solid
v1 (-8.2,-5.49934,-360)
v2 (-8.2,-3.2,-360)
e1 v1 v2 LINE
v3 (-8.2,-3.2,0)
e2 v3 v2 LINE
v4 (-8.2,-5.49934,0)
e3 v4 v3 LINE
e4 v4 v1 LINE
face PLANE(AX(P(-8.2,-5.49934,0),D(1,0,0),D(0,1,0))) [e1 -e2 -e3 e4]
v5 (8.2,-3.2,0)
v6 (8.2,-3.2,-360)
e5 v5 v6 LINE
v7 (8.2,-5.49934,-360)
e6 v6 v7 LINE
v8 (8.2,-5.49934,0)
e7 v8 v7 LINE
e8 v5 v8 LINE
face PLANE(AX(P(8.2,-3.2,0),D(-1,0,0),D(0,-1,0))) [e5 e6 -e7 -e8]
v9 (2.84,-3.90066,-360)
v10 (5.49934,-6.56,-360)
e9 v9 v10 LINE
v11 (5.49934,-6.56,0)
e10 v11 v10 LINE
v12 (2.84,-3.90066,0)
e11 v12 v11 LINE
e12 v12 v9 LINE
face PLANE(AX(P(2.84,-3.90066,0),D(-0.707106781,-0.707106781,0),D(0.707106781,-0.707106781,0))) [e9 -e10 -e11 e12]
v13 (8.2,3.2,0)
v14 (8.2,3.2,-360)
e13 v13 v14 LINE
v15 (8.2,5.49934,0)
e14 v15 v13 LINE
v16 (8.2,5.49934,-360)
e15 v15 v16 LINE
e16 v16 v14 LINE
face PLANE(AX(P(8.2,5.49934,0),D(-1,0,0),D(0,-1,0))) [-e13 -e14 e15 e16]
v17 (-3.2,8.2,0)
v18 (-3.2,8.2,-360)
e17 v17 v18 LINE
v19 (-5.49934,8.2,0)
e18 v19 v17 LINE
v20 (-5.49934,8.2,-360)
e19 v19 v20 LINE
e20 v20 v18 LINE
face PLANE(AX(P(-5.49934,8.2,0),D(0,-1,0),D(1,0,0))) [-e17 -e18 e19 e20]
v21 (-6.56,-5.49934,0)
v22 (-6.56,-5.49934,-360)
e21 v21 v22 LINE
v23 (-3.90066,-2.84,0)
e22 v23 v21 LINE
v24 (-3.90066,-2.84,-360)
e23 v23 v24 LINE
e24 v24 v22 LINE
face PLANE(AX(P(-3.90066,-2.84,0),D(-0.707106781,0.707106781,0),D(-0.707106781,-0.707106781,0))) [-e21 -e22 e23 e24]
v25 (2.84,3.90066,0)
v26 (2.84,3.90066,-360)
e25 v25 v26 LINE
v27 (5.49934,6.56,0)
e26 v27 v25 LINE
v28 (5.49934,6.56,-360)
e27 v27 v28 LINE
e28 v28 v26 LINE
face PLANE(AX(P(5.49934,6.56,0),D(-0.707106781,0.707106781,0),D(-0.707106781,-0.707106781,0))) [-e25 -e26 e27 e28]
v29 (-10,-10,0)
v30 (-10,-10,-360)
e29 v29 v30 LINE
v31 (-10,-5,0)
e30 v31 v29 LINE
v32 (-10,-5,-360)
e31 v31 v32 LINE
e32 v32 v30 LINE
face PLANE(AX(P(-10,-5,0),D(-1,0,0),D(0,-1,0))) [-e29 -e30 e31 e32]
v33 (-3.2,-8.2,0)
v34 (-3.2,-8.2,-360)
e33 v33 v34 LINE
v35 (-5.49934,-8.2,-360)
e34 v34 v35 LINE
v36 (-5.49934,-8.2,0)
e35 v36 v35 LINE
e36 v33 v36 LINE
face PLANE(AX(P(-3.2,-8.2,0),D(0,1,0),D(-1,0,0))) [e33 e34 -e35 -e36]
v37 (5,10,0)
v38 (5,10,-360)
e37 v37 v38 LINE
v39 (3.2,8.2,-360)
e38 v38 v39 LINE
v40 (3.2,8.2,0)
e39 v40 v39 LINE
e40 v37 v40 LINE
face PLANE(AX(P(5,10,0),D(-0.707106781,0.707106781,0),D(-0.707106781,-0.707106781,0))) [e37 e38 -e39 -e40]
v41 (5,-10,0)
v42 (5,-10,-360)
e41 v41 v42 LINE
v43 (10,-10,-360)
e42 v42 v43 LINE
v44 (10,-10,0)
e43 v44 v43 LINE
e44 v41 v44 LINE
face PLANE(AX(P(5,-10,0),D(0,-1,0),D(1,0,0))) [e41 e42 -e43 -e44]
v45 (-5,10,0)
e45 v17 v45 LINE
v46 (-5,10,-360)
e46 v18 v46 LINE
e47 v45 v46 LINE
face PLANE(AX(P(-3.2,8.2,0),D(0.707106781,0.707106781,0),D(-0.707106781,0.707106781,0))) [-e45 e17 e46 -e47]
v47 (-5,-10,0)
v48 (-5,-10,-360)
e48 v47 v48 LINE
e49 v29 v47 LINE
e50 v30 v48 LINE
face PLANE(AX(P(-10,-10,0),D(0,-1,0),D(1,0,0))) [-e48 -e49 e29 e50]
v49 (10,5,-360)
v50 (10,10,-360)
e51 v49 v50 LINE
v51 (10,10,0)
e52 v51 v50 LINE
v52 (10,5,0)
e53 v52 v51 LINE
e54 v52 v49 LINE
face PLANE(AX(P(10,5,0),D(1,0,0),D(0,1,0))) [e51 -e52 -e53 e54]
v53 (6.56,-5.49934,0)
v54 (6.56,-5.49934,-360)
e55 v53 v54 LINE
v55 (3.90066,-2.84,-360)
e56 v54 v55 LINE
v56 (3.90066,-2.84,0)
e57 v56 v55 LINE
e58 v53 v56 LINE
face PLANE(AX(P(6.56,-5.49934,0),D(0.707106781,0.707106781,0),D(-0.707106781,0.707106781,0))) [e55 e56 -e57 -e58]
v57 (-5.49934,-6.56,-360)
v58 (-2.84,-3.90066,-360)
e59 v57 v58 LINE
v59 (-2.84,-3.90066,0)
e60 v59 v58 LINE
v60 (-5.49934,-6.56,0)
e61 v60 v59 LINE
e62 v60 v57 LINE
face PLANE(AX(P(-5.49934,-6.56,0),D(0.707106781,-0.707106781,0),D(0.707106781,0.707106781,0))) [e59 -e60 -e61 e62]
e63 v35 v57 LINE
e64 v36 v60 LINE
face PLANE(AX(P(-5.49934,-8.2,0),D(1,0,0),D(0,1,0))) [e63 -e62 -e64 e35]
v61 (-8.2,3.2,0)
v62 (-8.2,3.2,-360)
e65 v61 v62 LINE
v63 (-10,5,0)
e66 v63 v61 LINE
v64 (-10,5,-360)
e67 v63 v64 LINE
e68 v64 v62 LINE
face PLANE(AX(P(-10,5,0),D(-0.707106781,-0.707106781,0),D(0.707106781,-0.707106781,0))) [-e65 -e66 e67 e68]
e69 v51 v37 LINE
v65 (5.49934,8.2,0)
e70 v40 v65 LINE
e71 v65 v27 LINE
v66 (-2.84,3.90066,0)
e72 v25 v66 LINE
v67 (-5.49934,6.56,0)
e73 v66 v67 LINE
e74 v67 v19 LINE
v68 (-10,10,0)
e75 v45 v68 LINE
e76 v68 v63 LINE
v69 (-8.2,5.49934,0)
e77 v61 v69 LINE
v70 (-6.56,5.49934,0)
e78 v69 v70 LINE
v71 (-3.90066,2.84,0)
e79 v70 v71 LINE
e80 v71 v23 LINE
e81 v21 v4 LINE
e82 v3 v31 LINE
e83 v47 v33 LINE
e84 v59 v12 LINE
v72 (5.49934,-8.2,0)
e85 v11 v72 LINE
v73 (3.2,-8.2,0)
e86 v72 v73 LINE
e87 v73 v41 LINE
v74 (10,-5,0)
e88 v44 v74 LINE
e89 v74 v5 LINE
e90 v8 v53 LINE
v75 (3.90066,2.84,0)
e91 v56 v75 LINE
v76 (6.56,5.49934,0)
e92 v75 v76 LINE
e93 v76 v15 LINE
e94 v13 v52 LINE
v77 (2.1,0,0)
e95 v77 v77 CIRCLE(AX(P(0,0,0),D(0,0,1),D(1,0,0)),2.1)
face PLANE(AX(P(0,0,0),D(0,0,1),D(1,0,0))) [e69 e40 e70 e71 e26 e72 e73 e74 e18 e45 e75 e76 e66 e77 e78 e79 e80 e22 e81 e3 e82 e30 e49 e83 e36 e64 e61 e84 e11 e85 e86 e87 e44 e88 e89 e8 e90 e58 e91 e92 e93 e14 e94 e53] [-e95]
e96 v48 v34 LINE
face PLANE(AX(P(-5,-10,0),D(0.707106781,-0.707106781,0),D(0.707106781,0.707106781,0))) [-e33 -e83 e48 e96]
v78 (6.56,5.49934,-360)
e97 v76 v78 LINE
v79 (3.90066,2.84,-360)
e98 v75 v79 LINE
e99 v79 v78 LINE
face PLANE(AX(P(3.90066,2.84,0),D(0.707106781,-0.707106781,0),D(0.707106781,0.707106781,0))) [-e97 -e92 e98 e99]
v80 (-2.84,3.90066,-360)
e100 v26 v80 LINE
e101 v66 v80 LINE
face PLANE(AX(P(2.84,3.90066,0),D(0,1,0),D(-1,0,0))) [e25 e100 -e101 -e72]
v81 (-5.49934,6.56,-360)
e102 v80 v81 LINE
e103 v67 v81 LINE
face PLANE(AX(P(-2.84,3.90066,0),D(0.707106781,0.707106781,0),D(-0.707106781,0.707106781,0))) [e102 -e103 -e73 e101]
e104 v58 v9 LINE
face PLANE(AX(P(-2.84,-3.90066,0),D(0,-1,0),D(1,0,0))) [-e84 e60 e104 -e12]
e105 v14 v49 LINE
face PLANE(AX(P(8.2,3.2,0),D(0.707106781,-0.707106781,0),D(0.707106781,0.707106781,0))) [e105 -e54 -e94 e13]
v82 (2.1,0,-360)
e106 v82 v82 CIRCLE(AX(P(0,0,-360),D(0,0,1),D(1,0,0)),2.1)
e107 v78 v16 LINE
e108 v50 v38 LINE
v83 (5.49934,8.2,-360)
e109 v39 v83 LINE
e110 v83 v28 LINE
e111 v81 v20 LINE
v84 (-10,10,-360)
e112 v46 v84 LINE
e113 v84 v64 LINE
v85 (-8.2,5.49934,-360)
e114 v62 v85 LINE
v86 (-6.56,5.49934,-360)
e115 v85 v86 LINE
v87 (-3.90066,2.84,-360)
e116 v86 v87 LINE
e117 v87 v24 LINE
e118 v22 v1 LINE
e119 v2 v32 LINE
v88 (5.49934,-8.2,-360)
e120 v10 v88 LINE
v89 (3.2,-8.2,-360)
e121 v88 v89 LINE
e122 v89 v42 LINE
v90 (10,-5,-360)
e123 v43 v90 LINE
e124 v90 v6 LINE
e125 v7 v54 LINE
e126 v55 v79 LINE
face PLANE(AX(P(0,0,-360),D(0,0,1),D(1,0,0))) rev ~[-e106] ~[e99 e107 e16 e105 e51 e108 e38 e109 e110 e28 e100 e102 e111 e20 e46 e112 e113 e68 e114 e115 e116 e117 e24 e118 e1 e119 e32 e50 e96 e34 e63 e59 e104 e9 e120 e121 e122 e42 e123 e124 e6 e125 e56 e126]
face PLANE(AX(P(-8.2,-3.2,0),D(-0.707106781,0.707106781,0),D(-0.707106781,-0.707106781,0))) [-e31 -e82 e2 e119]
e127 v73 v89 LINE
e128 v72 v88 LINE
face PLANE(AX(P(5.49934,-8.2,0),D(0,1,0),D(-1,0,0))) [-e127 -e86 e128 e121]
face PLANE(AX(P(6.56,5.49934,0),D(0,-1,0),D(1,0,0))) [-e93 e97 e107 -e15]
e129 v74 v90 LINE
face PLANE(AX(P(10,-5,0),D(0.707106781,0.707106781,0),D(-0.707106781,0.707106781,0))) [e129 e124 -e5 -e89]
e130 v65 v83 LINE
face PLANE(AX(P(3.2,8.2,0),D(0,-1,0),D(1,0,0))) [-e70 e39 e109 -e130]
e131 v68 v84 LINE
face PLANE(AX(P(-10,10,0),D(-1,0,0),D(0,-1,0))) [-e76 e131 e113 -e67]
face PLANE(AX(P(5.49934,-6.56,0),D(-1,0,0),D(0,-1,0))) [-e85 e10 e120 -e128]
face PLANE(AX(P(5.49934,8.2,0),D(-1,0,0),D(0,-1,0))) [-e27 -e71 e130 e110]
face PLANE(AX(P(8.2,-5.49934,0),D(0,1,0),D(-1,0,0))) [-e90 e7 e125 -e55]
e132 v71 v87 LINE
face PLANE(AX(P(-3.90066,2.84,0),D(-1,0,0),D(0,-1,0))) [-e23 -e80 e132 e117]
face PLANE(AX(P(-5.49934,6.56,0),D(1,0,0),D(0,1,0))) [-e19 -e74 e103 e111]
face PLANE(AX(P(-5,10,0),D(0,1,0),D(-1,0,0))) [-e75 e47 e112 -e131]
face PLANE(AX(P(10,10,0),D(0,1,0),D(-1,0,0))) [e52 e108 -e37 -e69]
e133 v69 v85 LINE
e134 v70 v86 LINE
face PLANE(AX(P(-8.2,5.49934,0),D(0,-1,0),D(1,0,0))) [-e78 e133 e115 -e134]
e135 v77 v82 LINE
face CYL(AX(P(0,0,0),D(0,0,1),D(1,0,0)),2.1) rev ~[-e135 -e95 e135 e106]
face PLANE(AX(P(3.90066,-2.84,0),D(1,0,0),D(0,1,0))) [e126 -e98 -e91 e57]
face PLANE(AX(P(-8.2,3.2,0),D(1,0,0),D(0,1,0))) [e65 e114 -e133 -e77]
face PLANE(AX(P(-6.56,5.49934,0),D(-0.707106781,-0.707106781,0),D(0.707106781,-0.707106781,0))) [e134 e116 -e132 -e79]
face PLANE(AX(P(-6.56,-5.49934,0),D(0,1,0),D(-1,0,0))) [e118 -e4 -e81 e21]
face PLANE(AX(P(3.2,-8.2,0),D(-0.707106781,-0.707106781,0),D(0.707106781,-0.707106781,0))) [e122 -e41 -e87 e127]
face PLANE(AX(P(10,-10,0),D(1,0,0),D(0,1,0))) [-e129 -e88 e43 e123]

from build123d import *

# Parameters (mm, degrees)
SKETCH1_R           = 2.1
BOSS_EXTRUDE1_DEPTH = 360


with BuildPart() as part:
    # Sketch1 → Boss-Extrude1 (new body)
    with BuildSketch(Plane.XY):
        Polygon((-10, 10), (-10, 5), (-8.2, 3.2), (-8.2, 5.499339828), (-6.56, 5.499339828), (-3.900660172, 2.84), (-3.900660172, -2.84), (-6.56, -5.499339828), (-8.2, -5.499339828), (-8.2, -3.2), (-10, -5), (-10, -10), (-5, -10), (-3.2, -8.2), (-5.499339828, -8.2), (-5.499339828, -6.56), (-2.84, -3.900660172), (2.84, -3.900660172), (5.499339828, -6.56), (5.499339828, -8.2), (3.2, -8.2), (5, -10), (10, -10), (10, -5), (8.2, -3.2), (8.2, -5.499339828), (6.56, -5.499339828), (3.900660172, -2.84), (3.900660172, 2.84), (6.56, 5.499339828), (8.2, 5.499339828), (8.2, 3.2), (10, 5), (10, 10), (5, 10), (3.2, 8.2), (5.499339828, 8.2), (5.499339828, 6.56), (2.84, 3.900660172), (-2.84, 3.900660172), (-5.499339828, 6.56), (-5.499339828, 8.2), (-3.2, 8.2), (-5, 10), align=None)
        Circle(SKETCH1_R, mode=Mode.SUBTRACT)
    extrude(amount=-BOSS_EXTRUDE1_DEPTH)


solid = part.part
